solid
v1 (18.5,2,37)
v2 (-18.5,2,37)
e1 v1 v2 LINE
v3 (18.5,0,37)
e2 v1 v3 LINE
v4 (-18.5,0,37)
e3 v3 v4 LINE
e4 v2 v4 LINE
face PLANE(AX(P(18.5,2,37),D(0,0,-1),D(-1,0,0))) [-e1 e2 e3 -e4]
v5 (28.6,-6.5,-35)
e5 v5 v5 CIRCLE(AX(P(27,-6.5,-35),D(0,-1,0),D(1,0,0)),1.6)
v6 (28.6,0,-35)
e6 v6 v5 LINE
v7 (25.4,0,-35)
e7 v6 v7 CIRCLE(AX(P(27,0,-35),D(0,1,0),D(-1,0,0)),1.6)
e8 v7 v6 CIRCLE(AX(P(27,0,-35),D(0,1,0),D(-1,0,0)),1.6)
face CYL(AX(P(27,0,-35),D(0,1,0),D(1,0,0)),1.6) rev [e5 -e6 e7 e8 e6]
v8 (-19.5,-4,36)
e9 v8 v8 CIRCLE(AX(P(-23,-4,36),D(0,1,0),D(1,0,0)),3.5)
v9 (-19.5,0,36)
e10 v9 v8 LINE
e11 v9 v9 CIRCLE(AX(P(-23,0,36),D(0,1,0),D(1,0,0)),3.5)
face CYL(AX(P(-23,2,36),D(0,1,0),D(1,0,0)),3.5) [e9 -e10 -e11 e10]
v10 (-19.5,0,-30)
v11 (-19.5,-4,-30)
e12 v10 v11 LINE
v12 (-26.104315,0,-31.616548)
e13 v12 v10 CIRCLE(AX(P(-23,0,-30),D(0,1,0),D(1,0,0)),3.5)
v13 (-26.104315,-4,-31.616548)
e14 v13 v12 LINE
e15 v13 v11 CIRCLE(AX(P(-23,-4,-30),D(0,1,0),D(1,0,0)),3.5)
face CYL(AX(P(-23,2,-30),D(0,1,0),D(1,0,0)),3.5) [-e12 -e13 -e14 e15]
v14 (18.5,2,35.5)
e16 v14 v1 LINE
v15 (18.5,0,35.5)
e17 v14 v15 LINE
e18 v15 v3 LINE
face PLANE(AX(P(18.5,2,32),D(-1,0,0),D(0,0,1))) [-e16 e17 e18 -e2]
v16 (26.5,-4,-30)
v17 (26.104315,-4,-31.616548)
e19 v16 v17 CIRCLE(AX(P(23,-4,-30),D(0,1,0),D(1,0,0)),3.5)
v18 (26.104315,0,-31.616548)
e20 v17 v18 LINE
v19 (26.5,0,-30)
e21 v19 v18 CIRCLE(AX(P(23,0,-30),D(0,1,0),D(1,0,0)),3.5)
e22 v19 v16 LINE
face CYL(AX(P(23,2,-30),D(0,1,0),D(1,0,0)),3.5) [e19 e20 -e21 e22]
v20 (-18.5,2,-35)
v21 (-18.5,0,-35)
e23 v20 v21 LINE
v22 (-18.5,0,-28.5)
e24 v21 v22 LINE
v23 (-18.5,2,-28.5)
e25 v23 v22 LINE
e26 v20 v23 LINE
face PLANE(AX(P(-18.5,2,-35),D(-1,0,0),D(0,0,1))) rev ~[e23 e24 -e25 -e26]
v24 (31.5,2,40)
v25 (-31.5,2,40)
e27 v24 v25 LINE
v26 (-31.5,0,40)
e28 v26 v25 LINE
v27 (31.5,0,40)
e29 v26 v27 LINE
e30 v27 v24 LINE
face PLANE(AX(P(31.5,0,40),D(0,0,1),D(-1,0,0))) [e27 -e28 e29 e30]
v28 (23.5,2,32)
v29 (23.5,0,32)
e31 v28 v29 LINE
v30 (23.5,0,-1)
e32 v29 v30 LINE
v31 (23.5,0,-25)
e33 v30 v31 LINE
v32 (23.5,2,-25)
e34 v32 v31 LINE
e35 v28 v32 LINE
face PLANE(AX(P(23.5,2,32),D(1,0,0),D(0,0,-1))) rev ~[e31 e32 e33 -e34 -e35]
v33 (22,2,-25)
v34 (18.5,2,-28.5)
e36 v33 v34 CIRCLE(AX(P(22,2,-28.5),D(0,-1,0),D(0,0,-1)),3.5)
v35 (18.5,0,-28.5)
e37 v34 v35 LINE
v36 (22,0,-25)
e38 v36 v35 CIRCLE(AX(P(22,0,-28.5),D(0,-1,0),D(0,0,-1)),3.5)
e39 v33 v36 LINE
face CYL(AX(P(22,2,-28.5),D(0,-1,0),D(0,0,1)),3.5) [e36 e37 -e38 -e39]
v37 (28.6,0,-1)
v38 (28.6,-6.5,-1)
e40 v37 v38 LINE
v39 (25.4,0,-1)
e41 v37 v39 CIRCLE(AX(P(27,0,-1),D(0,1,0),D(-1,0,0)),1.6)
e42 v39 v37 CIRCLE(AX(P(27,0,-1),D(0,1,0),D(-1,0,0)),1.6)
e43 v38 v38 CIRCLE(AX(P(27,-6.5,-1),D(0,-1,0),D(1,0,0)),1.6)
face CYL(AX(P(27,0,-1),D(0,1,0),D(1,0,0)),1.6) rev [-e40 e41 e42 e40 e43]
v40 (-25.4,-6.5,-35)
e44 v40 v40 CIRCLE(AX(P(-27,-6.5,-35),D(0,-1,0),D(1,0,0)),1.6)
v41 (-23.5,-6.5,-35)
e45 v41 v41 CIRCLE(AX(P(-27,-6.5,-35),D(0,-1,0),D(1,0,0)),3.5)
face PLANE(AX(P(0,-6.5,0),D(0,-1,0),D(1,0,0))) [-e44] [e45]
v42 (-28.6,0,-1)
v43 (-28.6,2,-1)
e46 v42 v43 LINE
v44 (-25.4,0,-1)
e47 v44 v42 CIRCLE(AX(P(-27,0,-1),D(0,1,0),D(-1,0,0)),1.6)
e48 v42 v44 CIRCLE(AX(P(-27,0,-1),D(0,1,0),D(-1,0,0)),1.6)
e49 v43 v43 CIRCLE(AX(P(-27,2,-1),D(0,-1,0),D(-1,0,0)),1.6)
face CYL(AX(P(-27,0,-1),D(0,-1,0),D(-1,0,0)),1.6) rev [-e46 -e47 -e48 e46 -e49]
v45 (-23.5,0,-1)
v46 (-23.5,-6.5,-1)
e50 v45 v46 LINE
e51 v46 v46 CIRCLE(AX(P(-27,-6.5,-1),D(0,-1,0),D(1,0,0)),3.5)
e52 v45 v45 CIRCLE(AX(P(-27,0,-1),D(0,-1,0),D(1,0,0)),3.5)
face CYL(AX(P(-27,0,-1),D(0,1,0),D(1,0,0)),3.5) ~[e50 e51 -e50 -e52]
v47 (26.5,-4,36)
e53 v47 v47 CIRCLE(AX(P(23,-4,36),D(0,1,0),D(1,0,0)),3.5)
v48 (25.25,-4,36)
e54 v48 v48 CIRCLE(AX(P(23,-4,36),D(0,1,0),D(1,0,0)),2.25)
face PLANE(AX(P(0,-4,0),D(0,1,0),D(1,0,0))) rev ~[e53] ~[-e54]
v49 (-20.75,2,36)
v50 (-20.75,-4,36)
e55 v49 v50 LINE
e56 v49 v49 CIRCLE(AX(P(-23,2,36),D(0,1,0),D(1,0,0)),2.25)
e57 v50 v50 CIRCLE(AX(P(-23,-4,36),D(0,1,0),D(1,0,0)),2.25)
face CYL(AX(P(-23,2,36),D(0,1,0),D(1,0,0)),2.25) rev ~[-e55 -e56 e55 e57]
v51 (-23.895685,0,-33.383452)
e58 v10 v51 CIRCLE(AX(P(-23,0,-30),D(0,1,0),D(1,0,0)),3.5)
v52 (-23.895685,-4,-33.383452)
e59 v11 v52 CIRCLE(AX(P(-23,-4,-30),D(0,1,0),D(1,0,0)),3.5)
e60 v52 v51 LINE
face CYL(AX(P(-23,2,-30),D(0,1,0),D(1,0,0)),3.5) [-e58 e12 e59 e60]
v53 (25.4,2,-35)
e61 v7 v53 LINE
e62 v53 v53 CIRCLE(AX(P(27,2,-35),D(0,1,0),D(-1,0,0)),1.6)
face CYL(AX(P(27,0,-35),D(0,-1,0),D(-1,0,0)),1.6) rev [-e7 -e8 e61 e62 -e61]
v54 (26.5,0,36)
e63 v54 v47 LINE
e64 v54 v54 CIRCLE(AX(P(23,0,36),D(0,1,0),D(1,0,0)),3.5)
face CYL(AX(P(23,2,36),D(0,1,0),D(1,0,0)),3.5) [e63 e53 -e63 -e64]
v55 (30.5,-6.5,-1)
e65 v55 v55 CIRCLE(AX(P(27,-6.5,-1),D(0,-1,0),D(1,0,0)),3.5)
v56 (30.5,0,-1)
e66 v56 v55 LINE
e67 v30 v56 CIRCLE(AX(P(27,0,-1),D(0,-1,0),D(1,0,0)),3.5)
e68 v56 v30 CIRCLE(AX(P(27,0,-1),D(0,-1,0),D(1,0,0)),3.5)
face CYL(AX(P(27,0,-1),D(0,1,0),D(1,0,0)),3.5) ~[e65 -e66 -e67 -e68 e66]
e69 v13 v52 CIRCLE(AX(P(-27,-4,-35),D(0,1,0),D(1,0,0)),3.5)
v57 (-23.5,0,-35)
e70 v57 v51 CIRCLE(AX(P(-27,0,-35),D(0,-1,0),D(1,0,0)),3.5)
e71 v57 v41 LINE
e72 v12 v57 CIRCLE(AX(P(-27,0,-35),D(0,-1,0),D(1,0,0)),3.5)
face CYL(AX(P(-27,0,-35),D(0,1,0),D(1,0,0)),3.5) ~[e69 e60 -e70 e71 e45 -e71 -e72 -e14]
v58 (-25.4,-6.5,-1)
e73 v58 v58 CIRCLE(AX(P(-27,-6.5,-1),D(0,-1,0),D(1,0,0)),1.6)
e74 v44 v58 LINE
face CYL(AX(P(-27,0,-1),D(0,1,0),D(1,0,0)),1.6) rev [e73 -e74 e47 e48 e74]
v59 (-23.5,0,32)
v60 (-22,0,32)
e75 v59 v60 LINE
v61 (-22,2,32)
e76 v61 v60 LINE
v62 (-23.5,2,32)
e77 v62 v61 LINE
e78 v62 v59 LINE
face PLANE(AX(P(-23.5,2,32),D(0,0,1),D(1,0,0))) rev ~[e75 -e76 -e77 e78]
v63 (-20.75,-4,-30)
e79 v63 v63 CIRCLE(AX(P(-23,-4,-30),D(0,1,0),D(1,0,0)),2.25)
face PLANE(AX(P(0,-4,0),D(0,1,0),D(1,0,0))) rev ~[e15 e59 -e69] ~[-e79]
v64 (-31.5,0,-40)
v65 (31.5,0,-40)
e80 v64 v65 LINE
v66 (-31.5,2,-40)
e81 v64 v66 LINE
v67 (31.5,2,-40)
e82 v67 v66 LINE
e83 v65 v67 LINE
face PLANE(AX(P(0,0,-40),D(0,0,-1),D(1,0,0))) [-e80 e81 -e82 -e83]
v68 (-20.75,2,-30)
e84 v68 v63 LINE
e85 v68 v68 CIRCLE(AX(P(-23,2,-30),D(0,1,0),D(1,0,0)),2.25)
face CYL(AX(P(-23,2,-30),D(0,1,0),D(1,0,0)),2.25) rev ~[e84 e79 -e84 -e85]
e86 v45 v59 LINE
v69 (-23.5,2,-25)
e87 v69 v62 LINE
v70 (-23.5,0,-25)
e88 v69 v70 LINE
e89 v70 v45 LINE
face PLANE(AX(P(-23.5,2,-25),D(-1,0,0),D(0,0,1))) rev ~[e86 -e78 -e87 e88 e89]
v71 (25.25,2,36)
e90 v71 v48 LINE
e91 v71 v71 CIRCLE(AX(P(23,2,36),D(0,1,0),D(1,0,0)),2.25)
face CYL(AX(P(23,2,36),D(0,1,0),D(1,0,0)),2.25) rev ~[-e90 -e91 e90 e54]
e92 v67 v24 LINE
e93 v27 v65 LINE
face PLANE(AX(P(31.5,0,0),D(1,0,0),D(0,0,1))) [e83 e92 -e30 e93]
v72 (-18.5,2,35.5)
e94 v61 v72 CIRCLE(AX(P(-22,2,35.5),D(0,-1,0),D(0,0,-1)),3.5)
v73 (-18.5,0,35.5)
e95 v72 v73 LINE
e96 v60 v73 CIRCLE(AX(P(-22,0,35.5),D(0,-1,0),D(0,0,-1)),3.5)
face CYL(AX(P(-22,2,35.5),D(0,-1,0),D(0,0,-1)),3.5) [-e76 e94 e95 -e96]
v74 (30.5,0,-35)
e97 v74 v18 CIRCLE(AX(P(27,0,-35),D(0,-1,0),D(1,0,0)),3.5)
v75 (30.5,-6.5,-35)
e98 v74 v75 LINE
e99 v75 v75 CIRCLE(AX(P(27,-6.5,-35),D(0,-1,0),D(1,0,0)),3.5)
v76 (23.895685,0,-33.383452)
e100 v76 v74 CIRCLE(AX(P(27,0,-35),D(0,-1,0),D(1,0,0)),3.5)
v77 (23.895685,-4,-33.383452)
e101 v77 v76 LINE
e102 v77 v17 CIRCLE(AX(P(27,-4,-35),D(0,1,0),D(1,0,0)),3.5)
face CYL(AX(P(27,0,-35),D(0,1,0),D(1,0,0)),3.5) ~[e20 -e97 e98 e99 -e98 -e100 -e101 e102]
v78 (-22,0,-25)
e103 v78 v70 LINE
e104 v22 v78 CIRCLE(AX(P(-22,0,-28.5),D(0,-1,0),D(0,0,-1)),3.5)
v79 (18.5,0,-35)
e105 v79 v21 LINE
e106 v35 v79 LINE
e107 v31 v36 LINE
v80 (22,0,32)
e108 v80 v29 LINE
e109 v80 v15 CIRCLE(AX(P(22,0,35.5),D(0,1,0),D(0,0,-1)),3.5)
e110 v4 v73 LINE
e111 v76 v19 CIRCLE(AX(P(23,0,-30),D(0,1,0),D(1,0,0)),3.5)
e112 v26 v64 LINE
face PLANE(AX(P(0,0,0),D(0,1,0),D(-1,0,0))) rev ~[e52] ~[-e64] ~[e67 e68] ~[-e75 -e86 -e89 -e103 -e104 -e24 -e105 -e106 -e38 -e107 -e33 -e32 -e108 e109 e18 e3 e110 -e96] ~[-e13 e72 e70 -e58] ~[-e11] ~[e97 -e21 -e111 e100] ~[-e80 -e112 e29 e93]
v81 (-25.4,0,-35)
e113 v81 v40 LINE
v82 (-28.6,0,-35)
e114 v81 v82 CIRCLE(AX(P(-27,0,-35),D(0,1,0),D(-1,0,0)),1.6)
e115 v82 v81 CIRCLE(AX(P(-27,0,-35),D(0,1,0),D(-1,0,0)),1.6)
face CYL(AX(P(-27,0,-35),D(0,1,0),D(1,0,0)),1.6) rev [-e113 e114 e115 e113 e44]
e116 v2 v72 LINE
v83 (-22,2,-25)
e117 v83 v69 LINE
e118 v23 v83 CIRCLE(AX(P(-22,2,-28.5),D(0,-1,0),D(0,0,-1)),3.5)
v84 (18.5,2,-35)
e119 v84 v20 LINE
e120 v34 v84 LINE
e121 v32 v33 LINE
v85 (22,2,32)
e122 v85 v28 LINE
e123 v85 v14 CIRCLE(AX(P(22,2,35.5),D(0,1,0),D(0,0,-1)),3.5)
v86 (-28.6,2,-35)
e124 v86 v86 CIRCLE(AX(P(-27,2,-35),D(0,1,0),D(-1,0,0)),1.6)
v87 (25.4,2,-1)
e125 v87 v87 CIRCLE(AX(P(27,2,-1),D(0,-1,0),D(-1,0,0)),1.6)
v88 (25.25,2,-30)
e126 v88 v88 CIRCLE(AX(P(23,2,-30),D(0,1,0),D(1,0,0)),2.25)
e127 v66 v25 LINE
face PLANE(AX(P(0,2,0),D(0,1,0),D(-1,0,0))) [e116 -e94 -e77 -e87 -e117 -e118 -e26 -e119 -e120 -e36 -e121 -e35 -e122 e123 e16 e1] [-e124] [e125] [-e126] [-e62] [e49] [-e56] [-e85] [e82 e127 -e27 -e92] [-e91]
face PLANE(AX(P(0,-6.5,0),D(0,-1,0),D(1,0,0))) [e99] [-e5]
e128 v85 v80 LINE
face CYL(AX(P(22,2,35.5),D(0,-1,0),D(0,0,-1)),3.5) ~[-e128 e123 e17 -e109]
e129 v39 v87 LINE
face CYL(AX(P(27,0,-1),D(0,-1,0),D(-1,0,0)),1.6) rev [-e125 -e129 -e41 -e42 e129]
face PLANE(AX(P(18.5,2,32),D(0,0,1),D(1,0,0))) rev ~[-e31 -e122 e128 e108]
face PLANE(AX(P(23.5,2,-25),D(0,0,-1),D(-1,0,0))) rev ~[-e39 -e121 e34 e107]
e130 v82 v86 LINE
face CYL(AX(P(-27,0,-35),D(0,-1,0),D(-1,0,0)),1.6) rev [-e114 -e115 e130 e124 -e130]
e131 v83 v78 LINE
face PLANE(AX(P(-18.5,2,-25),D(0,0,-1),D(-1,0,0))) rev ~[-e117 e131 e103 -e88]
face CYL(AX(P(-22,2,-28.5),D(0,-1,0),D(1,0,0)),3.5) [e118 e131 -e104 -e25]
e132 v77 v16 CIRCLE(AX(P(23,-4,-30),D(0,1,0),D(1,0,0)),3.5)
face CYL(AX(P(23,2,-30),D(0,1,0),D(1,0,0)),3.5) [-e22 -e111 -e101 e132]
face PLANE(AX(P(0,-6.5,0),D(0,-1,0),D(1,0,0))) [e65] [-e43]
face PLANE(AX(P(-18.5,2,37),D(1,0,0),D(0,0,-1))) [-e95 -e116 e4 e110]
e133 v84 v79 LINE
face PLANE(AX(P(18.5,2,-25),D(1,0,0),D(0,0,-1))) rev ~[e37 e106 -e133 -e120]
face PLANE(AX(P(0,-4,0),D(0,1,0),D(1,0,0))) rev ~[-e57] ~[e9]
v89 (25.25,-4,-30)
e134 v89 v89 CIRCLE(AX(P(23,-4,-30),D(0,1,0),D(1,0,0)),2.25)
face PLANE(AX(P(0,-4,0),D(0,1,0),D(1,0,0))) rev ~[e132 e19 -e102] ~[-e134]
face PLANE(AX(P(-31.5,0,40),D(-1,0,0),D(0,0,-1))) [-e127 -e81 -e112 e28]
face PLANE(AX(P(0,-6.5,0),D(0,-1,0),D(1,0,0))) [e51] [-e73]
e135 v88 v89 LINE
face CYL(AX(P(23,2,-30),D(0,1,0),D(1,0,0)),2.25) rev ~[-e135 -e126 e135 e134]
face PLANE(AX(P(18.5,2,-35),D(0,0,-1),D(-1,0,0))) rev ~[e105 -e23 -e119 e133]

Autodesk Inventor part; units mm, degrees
ref_plane "YZ Plane" through (0, 0, 0) normal (1, 0, 0) x (0, 1, 0)
ref_plane "XZ Plane" through (0, 0, 0) normal (0, 1, 0) x (-1, 0, 0)
ref_plane "XY Plane" through (0, 0, 0) normal (0, 0, 1) x (1, 0, 0)
sketch "Skizze1" plane through (0, 0, 0) normal (0, 1, 0) x (-1, 0, 0)
  line L0 (-31.5, 40) -> (31.5, 40)
  line L1 (31.5, 40) -> (31.5, -40)
  line L2 (31.5, -40) -> (-31.5, -40)
  line L3 (-31.5, -40) -> (-31.5, 40)
  line L4 (0, -56) -> (0, 56) projected
  line L5 (-44.1, 0) -> (44.1, 0) projected
  circle A0 centre (27, -35) radius 1.6
  circle A1 centre (-27, -35) radius 1.6
  circle A2 centre (-27, -1) radius 1.6
  circle A3 centre (27, -1) radius 1.6
  point P0 (0, 0)
  dimension "d0" = 63
  dimension "d1" = 80
  dimension "d2" = 3.2
  dimension "d3" = 3.2
  dimension "d4" = 27
  dimension "d5" = 27
  dimension "d6" = 5
  dimension "d7" = 5
  dimension "d8" = 3.2
  dimension "d9" = 3.2
  dimension "d10" = 27
  dimension "d11" = 27
  dimension "d12" = 34
  dimension "d13" = 34
extrude "Extrusion1" add sketch "Skizze1" along normal blind 2 contours L0 L4 L5 A2 L3 | L0 L1 L5 A3 L4 | L5 A2 L4 L2 L3 | L5 A3 L1 L2 L4
sketch "Skizze3" plane through (0, 2, 0) normal (0, 1, 0) x (1, 0, 0)
  circle A0 centre (-23, 30) radius 3.5
  circle A1 centre (23, 30) radius 3.5
  circle A2 centre (23, -36) radius 3.5
  circle A3 centre (-23, -36) radius 3.5
  line L0 (0, 56) -> (0, -56) projected
  line L1 (44.1, 0) -> (-44.1, 0) projected
  line L2 (31.5, 40) -> (-31.5, 40) projected
  point P0 (0, 0)
  dimension "d22" = 7
  dimension "d23" = 7
  dimension "d24" = 7
  dimension "d25" = 7
  dimension "d26" = 23
  dimension "d27" = 23
  dimension "d28" = 23
  dimension "d29" = 23
  dimension "d31" = 10
  dimension "d32" = 10
  dimension "d33" = 66
  dimension "d34" = 66
sketch "Skizze2" plane through (0, 0, 0) normal (0, -1, 0) x (1, 0, 0)
  circle A0 centre (27, -1) radius 1.6 projected
  circle A1 centre (27, -35) radius 1.6 projected
  circle A2 centre (-27, -35) radius 1.6 projected
  circle A3 centre (-27, -1) radius 1.6 projected
  circle A4 centre (27, -1) radius 3.5
  circle A5 centre (27, -35) radius 3.5
  circle A6 centre (-27, -1) radius 3.5
  circle A7 centre (-27, -35) radius 3.5
  point P0 (0, 0)
  dimension "d16" = 7
  dimension "d17" = 7
  dimension "d18" = 7
  dimension "d19" = 7
extrude "Extrusion2" add sketch "Skizze2" along normal blind 6.5
extrude "Extrusion3" add sketch "Skizze3" against normal blind 6
sketch "Skizze4" plane through (0, 2, 0) normal (0, 1, 0) x (1, 0, 0)
  arc A0 (23.8957, 33.3835) -> (26.1043, 31.6165) centre (23, 30) ccw projected
  circle A1 centre (23, -36) radius 3.5 projected
  circle A2 centre (-23, -36) radius 3.5 projected
  arc A3 (-26.1043, 31.6165) -> (-23.8957, 33.3835) centre (-23, 30) ccw projected
  circle A4 centre (23, 30) radius 2.25
  circle A5 centre (23, -36) radius 2.25
  circle A6 centre (-23, 30) radius 2.25
  circle A7 centre (-23, -36) radius 2.25
  point P0 (0, 0)
  dimension "d37" = 4.5
  dimension "d38" = 4.5
  dimension "d39" = 4.5
  dimension "d40" = 4.5
extrude "Extrusion4" cut sketch "Skizze4" against normal up to surface (6 mm away) contours A4 | A5 | A6 | A7
sketch "Skizze5" plane through (0, 2, 0) normal (0, 1, 0) x (1, 0, 0)
  line L0 (23.5, -32) -> (23.5, 25)
  line L1 (-23.5, 25) -> (-23.5, -32)
  line L2 (31.5, 40) -> (-31.5, 40) projected
  line L3 (-31.5, -40) -> (31.5, -40) projected
  line L4 (-31.5, 40) -> (-31.5, -40) projected
  line L5 (31.5, -40) -> (31.5, 40) projected
  line L6 (18.5, -32) -> (18.5, -37)
  line L7 (18.5, -37) -> (-18.5, -37)
  line L8 (-18.5, -37) -> (-18.5, -32)
  line L9 (18.5, 25) -> (18.5, 35)
  line L10 (18.5, 35) -> (-18.5, 35)
  line L11 (-18.5, 35) -> (-18.5, 25)
  line L12 (-23.5, -32) -> (-18.5, -32)
  line L13 (18.5, -32) -> (23.5, -32)
  line L14 (23.5, 25) -> (18.5, 25)
  line L15 (-18.5, 25) -> (-23.5, 25)
  point P0 (0, 0)
  dimension "d45" = 8
  dimension "d46" = 8
  dimension "d49" = 3
  dimension "d50" = 13
  dimension "d51" = 13
  dimension "d52" = 13
  dimension "d53" = 13
  dimension "d54" = 5
  dimension "d55" = 8
  dimension "d56" = 8
  dimension "d57" = 15
  dimension "d58" = 15
extrude "Extrusion5" cut sketch "Skizze5" against normal up to surface (2 mm away) contours L13 L6 L7 L8 L12 L1 L15 L11 L10 L9 L14 L0
fillet "Rundung1" radius 3.5 4 edges at (18.5, 1, 32) (18.5, 1, -25) (-18.5, 1, -25) (-18.5, 1, 32)
properties part number "Adapter_PowerManagement"
